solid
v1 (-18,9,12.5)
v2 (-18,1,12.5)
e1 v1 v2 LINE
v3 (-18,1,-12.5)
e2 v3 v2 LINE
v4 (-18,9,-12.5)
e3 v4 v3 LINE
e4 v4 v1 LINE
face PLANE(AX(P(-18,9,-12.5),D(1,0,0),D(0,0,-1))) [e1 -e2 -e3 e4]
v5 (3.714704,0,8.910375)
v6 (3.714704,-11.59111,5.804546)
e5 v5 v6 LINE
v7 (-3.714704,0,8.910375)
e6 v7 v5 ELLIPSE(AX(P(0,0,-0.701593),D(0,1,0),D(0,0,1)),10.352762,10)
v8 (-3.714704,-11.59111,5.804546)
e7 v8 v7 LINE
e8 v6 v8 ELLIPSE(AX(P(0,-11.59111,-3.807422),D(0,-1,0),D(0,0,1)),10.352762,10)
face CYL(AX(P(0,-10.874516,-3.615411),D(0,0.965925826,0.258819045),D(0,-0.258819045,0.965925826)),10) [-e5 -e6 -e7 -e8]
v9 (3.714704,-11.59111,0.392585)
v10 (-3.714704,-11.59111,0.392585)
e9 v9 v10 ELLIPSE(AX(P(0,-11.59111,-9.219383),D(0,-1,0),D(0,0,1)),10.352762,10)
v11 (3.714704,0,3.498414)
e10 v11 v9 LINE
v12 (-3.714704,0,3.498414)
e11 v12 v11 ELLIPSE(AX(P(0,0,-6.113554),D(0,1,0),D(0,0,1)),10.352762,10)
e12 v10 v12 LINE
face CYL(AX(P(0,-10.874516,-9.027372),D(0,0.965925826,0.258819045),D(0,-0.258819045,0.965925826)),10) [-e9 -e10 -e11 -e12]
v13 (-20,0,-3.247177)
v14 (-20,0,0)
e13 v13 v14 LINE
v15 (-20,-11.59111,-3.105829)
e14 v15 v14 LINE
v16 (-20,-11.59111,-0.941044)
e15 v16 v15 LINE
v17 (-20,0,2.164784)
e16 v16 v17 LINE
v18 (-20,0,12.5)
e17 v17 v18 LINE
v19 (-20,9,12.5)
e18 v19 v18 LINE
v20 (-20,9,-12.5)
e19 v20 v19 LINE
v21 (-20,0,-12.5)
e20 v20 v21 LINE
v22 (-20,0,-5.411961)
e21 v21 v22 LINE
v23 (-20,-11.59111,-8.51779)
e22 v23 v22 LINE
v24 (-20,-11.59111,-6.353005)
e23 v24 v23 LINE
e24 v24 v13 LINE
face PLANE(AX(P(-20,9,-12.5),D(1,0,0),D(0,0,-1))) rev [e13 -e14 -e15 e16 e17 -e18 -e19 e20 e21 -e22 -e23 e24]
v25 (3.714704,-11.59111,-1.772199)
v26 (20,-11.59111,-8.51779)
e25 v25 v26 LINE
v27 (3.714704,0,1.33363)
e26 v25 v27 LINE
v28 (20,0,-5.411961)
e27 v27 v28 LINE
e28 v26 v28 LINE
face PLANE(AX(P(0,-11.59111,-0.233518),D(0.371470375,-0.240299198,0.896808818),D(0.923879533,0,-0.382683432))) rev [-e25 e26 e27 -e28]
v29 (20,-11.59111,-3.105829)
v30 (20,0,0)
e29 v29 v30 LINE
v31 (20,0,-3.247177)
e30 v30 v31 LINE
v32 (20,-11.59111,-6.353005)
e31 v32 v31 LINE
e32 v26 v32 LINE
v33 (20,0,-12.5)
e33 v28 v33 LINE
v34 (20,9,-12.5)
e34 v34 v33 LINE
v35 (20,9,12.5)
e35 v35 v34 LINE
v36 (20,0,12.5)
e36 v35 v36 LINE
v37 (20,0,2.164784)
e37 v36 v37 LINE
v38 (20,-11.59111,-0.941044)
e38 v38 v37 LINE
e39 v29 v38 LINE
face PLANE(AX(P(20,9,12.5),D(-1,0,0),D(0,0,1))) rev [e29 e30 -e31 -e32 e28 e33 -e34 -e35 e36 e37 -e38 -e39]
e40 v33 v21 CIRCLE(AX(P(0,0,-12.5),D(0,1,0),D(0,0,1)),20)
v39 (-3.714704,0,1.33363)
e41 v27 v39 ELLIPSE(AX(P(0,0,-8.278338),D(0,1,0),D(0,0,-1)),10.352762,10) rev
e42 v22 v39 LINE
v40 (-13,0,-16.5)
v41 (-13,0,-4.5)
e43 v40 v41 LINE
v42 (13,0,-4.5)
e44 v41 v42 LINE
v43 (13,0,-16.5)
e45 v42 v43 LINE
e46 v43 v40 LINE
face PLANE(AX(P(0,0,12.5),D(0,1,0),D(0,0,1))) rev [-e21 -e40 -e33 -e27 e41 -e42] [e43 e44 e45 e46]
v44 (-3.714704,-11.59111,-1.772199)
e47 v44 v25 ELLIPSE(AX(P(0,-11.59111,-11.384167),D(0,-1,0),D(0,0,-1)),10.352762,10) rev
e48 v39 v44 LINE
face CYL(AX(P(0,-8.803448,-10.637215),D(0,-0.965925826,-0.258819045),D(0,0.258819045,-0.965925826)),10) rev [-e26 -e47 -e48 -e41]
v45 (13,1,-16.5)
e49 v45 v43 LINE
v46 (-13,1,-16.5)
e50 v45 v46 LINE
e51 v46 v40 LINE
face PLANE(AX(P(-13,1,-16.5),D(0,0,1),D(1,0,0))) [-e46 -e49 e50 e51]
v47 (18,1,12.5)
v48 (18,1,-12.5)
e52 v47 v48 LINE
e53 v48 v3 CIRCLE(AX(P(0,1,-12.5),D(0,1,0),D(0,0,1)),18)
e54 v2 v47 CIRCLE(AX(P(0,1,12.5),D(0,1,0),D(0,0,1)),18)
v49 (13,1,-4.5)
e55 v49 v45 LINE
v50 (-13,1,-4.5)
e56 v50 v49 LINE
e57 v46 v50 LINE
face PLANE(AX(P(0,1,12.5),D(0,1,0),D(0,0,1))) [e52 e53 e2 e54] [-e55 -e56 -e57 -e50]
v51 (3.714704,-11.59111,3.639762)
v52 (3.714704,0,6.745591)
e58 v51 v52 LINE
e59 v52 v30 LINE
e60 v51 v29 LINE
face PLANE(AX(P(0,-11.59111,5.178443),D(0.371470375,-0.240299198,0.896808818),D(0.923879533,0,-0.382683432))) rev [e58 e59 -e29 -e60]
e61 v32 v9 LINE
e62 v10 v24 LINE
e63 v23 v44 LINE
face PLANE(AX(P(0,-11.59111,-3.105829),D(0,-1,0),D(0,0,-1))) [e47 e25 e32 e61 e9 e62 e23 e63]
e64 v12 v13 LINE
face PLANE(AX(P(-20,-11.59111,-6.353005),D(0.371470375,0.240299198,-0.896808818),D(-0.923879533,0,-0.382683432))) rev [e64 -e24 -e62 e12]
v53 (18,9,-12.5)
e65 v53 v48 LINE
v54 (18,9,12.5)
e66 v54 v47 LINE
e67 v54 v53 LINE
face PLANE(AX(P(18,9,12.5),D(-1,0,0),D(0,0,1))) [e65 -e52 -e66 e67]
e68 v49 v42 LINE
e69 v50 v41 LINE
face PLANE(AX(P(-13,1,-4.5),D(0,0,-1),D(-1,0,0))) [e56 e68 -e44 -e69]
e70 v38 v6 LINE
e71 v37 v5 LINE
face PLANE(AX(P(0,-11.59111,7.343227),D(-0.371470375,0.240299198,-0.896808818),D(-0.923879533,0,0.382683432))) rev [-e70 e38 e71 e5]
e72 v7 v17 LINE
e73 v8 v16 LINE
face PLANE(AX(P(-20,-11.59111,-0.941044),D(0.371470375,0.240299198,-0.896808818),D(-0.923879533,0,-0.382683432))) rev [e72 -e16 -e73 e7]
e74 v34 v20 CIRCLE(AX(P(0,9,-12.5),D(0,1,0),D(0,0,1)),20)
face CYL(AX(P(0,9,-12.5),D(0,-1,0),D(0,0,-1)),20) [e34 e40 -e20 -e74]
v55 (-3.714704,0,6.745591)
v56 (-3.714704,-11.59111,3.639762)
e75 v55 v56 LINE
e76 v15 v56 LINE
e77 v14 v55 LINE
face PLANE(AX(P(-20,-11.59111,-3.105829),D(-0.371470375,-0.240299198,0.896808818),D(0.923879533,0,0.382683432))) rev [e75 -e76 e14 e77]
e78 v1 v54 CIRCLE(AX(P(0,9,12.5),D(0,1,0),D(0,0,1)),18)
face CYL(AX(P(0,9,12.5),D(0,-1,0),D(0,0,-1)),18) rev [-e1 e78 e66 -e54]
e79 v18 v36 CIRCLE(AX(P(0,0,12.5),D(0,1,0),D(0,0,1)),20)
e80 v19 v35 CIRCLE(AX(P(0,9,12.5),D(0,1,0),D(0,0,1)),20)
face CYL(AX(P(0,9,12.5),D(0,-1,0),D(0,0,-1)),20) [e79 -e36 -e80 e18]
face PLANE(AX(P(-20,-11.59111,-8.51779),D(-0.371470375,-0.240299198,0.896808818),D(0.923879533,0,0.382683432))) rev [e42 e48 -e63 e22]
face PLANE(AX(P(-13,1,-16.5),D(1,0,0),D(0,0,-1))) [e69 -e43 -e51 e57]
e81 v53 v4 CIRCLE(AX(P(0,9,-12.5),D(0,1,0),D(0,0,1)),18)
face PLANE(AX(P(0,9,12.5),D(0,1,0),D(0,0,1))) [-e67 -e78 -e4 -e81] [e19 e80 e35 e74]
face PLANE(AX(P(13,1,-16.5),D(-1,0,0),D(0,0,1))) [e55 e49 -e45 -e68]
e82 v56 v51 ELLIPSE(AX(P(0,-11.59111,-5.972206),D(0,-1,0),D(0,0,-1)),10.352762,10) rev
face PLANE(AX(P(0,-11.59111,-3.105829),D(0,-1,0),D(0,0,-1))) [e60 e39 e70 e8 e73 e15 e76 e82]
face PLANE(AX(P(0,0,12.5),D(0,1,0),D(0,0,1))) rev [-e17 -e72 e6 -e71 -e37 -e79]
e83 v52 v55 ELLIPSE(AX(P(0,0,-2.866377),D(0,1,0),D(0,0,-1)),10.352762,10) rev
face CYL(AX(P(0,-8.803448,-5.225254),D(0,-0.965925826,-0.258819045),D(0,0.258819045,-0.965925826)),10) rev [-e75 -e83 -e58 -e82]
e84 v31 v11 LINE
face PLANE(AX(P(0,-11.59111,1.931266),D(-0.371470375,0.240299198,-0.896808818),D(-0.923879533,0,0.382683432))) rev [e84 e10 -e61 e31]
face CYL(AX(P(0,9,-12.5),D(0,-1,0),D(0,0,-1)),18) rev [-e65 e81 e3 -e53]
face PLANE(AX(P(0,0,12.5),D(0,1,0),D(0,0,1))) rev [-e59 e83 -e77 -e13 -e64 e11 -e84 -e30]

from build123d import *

# Parameters (mm, degrees)
SKETCH1_W           = 26
SKETCH1_H           = 12
BOSS_EXTRUDE1_DEPTH = 1
BOSS_EXTRUDE2_DEPTH = 9
BOSS_EXTRUDE3_DEPTH = 12
FILLET1_R           = 10


with BuildPart() as part:
    # Sketch1 → Boss-Extrude1 (new body)
    with BuildSketch(Plane(origin=(0, 0, 0), x_dir=(1, 0, 0), z_dir=(0, 1, 0))):
        with BuildLine():
            Line((-18, -12.5), (-18, 12.5))
            ThreePointArc((-18, 12.5), (0, 30.5), (18, 12.5))
            Line((18, 12.5), (18, -12.5))
            ThreePointArc((18, -12.5), (0, -30.5), (-18, -12.5))
        make_face()
        with Locations((0, 10.5)):
            Rectangle(SKETCH1_W, SKETCH1_H, mode=Mode.SUBTRACT)
    extrude(amount=BOSS_EXTRUDE1_DEPTH)

    # Sketch2 → Boss-Extrude2 (add)
    with BuildSketch(Plane(origin=(0, 0, 0), x_dir=(1, 0, 0), z_dir=(0, 1, 0))):
        with BuildLine():
            Line((20, -12.5), (20, 12.5))
            ThreePointArc((20, 12.5), (0, 32.5), (-20, 12.5))
            Line((-20, 12.5), (-20, -12.5))
            ThreePointArc((-20, -12.5), (0, -32.5), (20, -12.5))
        make_face()
        with BuildLine():
            Line((18, -12.5), (18, 12.5))
            ThreePointArc((18, 12.5), (0, 30.5), (-18, 12.5))
            Line((-18, 12.5), (-18, -12.5))
            ThreePointArc((-18, -12.5), (0, -30.5), (18, -12.5))
        make_face(mode=Mode.SUBTRACT)
    extrude(amount=BOSS_EXTRUDE2_DEPTH)

    # Sketch3 → Boss-Extrude3 (add, along a direction that is not the sketch's normal)
    with BuildSketch(Plane.XZ):
        Polygon((-20, 0), (0, 8.284271247), (20, 0), (20, 2.164784401), (0, 10.449055648), (-20, 2.164784401), align=None)
        Polygon((-20, -3.247176601), (0, 5.037094647), (20, -3.247176601), (20, -5.411961001), (0, 2.872310246), (-20, -5.411961001), align=None)
    extrude(amount=BOSS_EXTRUDE3_DEPTH, dir=(0, -0.9659258262890672, -0.25881904510252496))

    # Fillet1
    fillet1_edges = [part.edges().sort_by_distance(p)[0] for p in [
        (0, -5.795554958, 6.731356977),
        (0, -5.795554958, 8.896141377),
        (0, -5.795554958, 1.319395975),
        (0, -5.795554958, 3.484180376),
    ]]
    fillet(fillet1_edges, radius=FILLET1_R)


solid = part.part
